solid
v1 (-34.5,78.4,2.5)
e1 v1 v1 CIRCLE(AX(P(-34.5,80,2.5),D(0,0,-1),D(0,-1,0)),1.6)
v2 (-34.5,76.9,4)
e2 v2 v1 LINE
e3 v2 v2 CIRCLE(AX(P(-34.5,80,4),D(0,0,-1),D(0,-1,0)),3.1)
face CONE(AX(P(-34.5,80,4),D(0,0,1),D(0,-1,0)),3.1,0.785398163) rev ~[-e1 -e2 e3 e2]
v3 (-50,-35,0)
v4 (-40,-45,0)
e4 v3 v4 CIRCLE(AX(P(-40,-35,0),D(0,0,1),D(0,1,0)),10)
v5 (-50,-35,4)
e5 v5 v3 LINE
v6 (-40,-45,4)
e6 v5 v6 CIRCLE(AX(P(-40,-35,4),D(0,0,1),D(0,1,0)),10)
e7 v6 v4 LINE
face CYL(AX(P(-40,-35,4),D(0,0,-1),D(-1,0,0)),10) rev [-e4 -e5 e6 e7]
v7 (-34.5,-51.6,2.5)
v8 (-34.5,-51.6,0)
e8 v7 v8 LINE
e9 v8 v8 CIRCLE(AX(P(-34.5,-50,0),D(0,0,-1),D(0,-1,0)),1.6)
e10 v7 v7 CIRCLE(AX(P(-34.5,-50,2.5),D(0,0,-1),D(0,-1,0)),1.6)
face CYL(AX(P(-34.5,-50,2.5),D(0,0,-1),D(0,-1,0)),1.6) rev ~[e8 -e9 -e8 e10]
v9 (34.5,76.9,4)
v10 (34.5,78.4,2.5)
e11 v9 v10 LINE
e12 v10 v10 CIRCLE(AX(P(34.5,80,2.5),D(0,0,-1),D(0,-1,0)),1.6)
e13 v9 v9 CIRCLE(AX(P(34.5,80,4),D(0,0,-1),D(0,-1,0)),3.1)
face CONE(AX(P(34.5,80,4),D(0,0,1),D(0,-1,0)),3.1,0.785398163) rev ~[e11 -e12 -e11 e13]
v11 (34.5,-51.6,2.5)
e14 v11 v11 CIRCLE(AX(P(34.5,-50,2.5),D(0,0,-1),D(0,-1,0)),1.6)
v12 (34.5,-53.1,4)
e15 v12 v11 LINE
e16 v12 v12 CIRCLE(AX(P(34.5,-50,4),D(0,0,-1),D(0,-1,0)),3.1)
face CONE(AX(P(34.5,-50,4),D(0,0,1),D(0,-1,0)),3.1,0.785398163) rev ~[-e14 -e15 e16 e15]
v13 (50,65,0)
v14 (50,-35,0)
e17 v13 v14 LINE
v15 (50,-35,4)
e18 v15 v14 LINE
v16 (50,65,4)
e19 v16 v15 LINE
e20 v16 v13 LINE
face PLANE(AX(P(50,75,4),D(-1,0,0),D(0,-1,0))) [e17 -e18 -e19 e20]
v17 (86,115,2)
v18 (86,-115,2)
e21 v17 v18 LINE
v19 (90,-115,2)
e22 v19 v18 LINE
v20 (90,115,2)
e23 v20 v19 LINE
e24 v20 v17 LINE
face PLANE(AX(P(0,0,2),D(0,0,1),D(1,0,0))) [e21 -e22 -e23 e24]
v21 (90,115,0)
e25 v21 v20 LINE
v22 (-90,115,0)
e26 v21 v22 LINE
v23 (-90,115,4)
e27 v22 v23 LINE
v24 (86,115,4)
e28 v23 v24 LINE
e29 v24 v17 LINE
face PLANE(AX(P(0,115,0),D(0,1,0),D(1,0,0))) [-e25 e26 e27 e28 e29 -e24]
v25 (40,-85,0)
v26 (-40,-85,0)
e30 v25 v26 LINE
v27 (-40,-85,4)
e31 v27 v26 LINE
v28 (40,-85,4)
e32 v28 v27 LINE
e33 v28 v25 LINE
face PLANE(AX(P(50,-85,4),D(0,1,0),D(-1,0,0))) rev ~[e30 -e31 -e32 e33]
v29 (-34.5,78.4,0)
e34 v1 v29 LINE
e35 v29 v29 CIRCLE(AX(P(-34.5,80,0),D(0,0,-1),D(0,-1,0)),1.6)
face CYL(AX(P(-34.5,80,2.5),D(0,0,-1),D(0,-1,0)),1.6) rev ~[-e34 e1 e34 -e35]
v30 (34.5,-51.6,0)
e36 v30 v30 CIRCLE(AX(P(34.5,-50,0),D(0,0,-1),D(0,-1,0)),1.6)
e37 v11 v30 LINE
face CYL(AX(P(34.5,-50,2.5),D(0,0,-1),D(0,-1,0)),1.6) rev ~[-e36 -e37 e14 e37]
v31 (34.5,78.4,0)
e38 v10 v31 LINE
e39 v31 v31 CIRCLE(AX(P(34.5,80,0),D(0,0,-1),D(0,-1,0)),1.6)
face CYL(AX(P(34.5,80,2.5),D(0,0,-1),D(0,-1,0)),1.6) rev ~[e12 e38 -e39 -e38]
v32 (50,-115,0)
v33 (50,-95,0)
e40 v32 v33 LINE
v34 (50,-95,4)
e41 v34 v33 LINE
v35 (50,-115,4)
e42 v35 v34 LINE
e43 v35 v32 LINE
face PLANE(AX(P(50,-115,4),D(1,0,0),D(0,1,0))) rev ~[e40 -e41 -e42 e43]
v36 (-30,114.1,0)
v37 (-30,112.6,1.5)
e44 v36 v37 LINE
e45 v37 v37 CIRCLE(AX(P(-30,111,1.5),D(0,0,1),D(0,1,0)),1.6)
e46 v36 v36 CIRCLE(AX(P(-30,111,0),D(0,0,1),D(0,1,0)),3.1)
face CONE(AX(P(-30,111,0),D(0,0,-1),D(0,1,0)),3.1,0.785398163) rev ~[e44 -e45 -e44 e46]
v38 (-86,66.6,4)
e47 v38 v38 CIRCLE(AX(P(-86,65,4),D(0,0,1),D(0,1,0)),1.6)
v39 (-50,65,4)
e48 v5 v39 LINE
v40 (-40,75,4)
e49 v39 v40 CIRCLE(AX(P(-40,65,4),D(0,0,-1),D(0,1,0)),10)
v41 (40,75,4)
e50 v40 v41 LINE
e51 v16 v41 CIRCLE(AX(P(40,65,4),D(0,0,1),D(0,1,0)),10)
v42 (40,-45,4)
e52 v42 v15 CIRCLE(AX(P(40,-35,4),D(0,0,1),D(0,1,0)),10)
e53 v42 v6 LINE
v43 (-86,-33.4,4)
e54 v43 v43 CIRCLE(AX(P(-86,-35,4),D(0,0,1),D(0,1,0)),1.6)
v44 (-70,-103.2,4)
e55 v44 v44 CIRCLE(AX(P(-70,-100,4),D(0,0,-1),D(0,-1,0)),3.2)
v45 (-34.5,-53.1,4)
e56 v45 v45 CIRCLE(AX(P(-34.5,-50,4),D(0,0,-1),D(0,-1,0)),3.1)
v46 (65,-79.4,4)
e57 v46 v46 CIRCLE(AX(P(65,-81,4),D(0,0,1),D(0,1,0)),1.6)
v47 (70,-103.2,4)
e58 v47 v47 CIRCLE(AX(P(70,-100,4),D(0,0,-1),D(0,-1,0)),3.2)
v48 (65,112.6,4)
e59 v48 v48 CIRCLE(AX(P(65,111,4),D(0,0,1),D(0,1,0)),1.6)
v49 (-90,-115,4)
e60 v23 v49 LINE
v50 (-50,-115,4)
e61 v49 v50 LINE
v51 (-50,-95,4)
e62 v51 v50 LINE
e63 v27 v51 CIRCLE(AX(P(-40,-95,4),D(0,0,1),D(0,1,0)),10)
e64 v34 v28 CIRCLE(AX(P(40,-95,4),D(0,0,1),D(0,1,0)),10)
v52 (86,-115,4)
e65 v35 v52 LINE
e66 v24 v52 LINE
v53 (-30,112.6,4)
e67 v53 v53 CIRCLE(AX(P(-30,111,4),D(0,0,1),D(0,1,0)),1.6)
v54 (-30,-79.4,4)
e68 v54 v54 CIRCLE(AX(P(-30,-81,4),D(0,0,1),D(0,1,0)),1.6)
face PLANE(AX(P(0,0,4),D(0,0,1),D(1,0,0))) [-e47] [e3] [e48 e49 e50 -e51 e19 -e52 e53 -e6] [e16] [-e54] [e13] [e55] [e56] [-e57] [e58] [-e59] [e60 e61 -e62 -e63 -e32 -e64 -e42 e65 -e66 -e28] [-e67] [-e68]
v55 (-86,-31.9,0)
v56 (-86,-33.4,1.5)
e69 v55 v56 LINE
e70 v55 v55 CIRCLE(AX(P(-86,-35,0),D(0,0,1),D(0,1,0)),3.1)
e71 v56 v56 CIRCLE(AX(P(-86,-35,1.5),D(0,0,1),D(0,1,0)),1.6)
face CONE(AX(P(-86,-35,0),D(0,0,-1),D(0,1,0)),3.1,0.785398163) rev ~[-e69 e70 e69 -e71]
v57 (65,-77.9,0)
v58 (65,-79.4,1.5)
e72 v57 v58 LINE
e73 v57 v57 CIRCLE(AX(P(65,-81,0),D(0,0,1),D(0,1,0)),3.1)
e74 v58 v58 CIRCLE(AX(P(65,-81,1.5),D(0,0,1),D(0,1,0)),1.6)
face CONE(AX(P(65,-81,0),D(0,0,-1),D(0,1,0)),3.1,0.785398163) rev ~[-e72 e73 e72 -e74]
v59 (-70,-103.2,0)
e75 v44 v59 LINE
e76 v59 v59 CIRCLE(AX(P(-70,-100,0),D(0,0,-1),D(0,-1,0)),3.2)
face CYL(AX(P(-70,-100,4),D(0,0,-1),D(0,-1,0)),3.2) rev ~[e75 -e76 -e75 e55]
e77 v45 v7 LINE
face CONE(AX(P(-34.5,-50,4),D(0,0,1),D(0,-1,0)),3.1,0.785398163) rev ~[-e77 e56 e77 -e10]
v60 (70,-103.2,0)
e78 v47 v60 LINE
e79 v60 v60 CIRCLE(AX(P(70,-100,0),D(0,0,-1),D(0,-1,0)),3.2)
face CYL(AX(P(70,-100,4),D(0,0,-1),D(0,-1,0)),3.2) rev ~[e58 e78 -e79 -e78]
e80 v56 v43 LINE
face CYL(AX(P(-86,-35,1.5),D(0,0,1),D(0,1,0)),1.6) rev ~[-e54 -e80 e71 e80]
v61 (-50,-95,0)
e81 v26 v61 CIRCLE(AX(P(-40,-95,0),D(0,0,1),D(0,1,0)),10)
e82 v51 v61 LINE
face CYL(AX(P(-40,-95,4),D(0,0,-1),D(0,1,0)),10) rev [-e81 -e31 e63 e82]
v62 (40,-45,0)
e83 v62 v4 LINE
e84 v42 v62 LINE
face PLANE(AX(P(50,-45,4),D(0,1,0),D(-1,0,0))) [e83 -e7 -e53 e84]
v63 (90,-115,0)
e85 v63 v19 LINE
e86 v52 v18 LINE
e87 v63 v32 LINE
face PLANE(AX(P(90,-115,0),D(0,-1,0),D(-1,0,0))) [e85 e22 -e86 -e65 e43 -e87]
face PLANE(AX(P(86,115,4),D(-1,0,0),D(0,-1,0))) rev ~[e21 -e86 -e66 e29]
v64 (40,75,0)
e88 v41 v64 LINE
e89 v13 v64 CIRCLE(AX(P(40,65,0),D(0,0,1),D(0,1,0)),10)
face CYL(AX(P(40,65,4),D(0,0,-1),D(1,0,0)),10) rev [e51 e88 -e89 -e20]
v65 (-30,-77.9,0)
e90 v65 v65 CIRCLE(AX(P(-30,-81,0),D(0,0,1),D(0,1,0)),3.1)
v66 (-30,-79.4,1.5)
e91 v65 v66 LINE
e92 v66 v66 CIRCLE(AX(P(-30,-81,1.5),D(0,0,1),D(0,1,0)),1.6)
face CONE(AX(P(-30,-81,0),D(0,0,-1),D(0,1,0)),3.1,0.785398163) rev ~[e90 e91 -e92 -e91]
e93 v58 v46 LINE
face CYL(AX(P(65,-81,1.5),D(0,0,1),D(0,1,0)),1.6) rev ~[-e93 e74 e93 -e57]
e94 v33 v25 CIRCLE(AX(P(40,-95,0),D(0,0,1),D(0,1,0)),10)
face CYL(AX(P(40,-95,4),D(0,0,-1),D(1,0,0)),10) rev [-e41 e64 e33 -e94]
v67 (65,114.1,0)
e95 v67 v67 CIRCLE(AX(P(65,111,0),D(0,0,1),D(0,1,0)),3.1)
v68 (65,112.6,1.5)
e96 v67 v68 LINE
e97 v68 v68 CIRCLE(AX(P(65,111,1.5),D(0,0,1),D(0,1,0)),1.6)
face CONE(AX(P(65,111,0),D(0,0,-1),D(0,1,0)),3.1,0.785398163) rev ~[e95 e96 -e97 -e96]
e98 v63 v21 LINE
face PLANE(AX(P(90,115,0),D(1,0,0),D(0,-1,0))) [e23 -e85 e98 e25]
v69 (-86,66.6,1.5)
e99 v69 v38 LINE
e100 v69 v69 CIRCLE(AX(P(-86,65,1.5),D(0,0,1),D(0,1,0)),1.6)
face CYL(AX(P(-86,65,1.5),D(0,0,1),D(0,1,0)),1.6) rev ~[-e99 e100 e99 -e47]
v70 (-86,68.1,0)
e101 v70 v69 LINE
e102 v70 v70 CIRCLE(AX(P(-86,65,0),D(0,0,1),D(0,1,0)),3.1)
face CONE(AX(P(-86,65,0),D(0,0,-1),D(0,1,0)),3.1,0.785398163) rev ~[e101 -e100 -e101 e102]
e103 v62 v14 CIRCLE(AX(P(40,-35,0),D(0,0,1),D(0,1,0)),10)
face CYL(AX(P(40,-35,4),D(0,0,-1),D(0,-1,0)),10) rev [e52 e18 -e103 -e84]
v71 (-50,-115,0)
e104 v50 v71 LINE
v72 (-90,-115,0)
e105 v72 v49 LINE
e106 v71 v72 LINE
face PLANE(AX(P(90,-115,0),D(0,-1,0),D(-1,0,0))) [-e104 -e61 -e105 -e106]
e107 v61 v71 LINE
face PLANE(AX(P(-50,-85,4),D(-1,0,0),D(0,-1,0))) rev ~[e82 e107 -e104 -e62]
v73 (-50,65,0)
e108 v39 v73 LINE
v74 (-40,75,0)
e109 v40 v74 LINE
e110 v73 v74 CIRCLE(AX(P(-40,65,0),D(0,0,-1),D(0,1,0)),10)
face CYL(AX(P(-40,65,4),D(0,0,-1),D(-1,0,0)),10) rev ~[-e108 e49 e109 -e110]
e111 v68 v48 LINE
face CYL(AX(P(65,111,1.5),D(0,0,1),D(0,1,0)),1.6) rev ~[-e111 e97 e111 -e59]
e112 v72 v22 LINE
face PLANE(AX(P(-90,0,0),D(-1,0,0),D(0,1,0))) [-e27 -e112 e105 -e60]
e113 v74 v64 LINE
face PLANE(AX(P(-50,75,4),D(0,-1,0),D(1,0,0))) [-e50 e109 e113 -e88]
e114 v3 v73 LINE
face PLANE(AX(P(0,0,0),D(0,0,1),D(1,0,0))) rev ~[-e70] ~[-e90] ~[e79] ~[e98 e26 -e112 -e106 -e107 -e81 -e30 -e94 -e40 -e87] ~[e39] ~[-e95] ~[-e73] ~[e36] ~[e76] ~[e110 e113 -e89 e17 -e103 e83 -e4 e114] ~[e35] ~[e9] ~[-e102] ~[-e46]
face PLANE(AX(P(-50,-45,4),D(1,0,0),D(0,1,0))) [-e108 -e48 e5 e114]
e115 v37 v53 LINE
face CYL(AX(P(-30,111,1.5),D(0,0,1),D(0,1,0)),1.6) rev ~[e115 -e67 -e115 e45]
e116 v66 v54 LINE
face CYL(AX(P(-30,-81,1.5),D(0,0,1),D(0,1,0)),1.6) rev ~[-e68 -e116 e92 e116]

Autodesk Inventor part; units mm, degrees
ref_plane "YZ Plane" through (0, 0, 0) normal (1, 0, 0) x (0, 1, 0)
ref_plane "XZ Plane" through (0, 0, 0) normal (0, 1, 0) x (-1, 0, 0)
ref_plane "XY Plane" through (0, 0, 0) normal (0, 0, 1) x (1, 0, 0)
sketch "Skizze1" plane through (0, 0, 0) normal (0, 0, 1) x (1, 0, 0)
  line L0 (0, 161) -> (0, -161) projected
  line L1 (-126, 0) -> (126, 0) projected
  line L2 (-90, 115) -> (90, 115)
  line L3 (90, 115) -> (90, -115)
  line L4 (90, -115) -> (-90, -115)
  line L5 (-90, -115) -> (-90, 115)
  point P0 (0, 0)
  point P1 (0, 115)
  point P2 (-90, 0)
  dimension "d0" = 230
  dimension "d1" = 180
extrude "Extrusion1" add sketch "Skizze1" along normal blind 4
sketch "Skizze2" plane through (0, 0, 4) normal (0, 0, 1) x (1, 0, 0)
  line L0 (-90, -115) -> (-90, 115) projected
  line L1 (90, -115) -> (-90, -115) projected
  line L2 (90, 115) -> (90, -115) projected
  point P0 (0, 0)
  point P1 (-70, -100)
  point P2 (70, -100)
  dimension "d4" = 20
  dimension "d5" = 20
  dimension "d6" = 15
  dimension "d7" = 15
hole "Bohrung1" at (-70, -100, 4) at (70, -100, 4) direction (0, 0, -1) diameter 6.4 end through all
sketch "Skizze3" plane through (0, 0, 4) normal (0, 0, 1) x (1, 0, 0)
  line L0 (90, -115) -> (-90, -115) projected
  line L1 (90, 115) -> (90, -115) projected
  line L2 (90, 115) -> (86, 115)
  line L3 (86, 115) -> (86, -115)
  line L4 (86, -115) -> (90, -115)
  line L5 (90, -115) -> (90, 115)
  point P0 (0, 0)
  dimension "d15" = 4
extrude "Extrusion2" cut sketch "Skizze3" against normal blind 2
sketch "Skizze4" plane through (0, 0, 4) normal (0, 0, 1) x (1, 0, 0)
  line L0 (-90, 115) -> (86, 115) projected
  line L1 (-90, -115) -> (-90, 115) projected
  line L2 (-50, 75) -> (50, 75)
  line L3 (50, 75) -> (50, -45)
  line L4 (50, -45) -> (-50, -45)
  line L5 (-50, -45) -> (-50, 75)
  point P0 (0, 0)
  dimension "d18" = 100
  dimension "d19" = 120
  dimension "d20" = 40
  dimension "d21" = 40
extrude "Extrusion3" cut sketch "Skizze4" against normal through all
fillet "Rundung1" radius 10 4 edges at (-50, 75, 2) (50, 75, 2) (50, -45, 2) (-50, -45, 2)
sketch "Skizze5" plane through (0, 0, 4) normal (0, 0, 1) x (1, 0, 0)
  line L0 (-90, -115) -> (-90, 115) projected
  line L1 (86, -115) -> (-90, -115) projected
  line L2 (-50, -115) -> (50, -115)
  line L3 (50, -115) -> (50, -85)
  line L4 (50, -85) -> (-50, -85)
  line L5 (-50, -85) -> (-50, -115)
  point P0 (0, 0)
  dimension "d25" = 100
  dimension "d26" = 30
  dimension "d27" = 40
extrude "Extrusion4" cut sketch "Skizze5" against normal through all
fillet "Rundung2" radius 10 2 edges at (-50, -85, 2) (50, -85, 2)
sketch "Skizze6" plane through (0, 0, 0) normal (0, 0, -1) x (-1, 0, 0)
  line L0 (90, -115) -> (50, -115) projected
  line L1 (90, 115) -> (90, -115) projected
  line L2 (-90, 115) -> (90, 115) projected
  line L3 (-90, -115) -> (-90, 115) projected
  line L4 (-40, -85) -> (40, -85) projected
  point P0 (0, 0)
  point P1 (-65, 111)
  point P2 (30, 111)
  point P3 (86, 65)
  point P4 (86, -35)
  point P5 (30, -81)
  point P6 (-65, -81)
  dimension "d31" = 60
  dimension "d32" = 4
  dimension "d33" = 25
  dimension "d34" = 50
  dimension "d35" = 4
  dimension "d36" = 4
  dimension "d37" = 80
  dimension "d38" = 4
  dimension "d39" = 60
  dimension "d40" = 4
  dimension "d41" = 25
  dimension "d42" = 4
hole "Bohrung2" at (65, 111, 0) at (-30, 111, 0) at (-86, 65, 0) at (-86, -35, 0) at (-30, -81, 0) at (65, -81, 0) direction (0, 0, 1) diameter 3.2 end through all countersink diameter 6.2 countersink angle 90
sketch "Skizze7" plane through (0, 0, 4) normal (0, 0, 1) x (1, 0, 0)
  line L0 (-49.5, 75) -> (-49.5, 85) projected
  line L1 (49.5, 85) -> (-49.5, 85) projected
  line L2 (49.5, 85) -> (49.5, 75) projected
  line L3 (49.5, 75) -> (-49.5, 75) projected
  circle A0 centre (-34.5, 80) radius 1.2295 projected
  circle A1 centre (34.5, 80) radius 1.2295 projected
  circle A2 centre (34.5, -50) radius 1.2295 projected
  circle A3 centre (-34.5, -50) radius 1.2295 projected
  line L4 (-49.5, -45) -> (-49.5, -55) projected
  line L5 (49.5, -55) -> (-49.5, -55) projected
  line L6 (49.5, -55) -> (49.5, -45) projected
  line L7 (49.5, -45) -> (-49.5, -45) projected
  point P0 (0, 0)
hole "Bohrung3" at (-34.5, -50, 4) at (34.5, -50, 4) at (34.5, 80, 4) at (-34.5, 80, 4) direction (0, 0, -1) diameter 3.2 end through all countersink diameter 6.2 countersink angle 90
equation "\"d5\" = d4"
equation "\"d7\" = d6"
equation "\"d35\" = d32"
equation "\"d36\" = d32"
equation "\"d38\" = d35"
equation "\"d40\" = d38"
equation "\"d41\" = d33"
equation "\"d42\" = d40"
properties part number "Boden" material "Polycarbonate, Smoke"
